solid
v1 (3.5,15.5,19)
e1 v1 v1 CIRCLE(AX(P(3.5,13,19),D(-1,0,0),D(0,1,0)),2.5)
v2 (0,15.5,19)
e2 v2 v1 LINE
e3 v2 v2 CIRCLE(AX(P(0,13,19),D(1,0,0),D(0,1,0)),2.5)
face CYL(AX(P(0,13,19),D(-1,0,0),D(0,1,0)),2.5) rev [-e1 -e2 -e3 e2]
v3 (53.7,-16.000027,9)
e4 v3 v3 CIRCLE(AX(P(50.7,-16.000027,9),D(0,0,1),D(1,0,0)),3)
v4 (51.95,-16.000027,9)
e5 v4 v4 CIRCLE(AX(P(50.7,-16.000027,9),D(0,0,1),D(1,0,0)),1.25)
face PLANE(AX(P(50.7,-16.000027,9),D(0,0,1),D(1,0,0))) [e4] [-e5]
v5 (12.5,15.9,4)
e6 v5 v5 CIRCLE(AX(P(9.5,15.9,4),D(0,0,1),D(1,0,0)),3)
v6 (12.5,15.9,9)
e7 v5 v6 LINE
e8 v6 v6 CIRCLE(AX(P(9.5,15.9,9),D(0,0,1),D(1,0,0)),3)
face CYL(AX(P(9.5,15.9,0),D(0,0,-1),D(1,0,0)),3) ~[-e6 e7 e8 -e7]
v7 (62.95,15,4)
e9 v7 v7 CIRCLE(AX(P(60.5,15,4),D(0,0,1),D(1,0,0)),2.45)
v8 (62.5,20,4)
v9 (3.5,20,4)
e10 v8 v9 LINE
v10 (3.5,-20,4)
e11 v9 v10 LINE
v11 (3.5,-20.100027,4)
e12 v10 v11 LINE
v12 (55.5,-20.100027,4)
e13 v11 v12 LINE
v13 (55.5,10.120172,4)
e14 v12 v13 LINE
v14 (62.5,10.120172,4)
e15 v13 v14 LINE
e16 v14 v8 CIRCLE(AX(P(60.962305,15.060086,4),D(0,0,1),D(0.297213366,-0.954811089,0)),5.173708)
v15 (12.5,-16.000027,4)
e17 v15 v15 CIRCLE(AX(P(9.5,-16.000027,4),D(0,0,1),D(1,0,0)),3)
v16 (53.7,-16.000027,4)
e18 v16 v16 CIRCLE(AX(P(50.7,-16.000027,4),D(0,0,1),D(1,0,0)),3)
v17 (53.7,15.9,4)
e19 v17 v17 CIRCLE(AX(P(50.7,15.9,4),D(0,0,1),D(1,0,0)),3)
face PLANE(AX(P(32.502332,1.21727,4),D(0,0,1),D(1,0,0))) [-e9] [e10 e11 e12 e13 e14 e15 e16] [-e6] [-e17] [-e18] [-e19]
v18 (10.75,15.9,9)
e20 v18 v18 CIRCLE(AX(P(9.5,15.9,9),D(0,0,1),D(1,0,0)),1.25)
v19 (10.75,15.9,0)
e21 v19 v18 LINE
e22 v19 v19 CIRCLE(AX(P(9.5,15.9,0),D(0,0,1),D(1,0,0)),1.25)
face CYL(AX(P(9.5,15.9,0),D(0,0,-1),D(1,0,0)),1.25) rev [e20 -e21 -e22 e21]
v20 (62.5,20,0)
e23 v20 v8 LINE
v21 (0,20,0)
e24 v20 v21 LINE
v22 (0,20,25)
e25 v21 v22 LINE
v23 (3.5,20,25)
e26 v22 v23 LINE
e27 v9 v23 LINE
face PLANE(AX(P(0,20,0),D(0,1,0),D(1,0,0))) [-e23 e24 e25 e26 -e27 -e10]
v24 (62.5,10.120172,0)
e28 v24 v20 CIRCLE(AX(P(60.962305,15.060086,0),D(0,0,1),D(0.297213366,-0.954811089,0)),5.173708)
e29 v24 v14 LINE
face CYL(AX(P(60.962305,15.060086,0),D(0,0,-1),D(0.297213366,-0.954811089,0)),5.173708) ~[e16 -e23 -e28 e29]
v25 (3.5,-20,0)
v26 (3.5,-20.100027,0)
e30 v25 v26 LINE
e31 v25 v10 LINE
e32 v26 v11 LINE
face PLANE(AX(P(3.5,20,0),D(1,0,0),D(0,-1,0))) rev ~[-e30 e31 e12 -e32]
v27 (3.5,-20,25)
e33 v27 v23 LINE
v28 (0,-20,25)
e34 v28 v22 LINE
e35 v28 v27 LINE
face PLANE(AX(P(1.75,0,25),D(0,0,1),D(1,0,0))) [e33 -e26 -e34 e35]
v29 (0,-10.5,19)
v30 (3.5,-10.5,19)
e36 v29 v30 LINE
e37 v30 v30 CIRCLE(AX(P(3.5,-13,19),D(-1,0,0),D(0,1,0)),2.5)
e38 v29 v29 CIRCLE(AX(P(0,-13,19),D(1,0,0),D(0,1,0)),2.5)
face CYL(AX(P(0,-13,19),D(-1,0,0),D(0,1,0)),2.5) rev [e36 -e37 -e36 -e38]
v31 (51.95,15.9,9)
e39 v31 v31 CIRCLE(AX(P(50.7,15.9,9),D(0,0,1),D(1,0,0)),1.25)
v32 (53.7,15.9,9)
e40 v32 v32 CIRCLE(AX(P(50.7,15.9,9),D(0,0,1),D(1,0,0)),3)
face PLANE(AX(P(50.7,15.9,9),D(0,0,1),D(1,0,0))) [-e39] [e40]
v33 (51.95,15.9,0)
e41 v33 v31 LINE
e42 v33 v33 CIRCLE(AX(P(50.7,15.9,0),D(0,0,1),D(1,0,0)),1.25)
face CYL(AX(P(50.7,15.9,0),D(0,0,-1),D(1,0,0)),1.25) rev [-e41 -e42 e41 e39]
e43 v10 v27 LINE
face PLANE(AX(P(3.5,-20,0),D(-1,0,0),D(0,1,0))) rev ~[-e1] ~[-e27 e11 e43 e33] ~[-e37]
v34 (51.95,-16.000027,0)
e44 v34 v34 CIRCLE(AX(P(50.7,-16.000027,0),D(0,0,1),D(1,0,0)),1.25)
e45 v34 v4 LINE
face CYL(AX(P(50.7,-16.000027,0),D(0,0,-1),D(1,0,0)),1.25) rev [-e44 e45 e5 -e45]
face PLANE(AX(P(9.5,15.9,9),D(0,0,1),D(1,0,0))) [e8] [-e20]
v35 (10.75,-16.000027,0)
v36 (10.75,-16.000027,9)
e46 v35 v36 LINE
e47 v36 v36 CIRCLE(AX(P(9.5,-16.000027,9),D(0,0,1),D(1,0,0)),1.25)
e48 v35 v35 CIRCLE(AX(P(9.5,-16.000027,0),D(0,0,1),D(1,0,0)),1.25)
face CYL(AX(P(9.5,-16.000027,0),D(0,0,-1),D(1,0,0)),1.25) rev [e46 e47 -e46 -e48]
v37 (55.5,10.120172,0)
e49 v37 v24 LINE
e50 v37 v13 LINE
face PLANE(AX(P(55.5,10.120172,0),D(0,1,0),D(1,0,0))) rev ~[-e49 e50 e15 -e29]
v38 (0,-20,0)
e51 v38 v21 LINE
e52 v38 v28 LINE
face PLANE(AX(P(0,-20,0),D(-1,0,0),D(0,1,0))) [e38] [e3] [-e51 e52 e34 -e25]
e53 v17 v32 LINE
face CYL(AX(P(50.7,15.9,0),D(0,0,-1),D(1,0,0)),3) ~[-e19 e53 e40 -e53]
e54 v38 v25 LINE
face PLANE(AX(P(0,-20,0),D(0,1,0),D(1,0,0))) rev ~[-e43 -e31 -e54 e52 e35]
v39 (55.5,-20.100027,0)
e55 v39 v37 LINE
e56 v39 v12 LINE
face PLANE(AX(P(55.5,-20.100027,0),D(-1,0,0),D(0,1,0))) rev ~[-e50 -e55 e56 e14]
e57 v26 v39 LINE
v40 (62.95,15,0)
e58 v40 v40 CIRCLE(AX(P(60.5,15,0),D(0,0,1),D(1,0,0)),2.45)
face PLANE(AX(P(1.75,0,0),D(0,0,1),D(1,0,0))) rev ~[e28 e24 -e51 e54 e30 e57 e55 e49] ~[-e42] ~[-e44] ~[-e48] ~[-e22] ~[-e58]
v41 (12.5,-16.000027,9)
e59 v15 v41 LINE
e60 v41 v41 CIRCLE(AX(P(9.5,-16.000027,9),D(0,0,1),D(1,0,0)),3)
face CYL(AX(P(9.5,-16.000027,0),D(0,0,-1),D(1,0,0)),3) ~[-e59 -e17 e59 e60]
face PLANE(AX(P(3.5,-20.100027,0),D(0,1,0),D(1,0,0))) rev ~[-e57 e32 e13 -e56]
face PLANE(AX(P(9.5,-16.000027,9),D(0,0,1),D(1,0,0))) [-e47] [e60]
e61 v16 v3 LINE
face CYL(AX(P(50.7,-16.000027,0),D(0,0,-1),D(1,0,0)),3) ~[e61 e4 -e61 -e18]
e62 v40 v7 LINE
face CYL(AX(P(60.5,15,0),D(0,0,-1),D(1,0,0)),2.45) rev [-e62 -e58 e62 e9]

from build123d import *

# Parameters (mm, degrees)
F0_R     = 3
F0_R_2   = 2.45
F1_DEPTH = 4
F0_R_3   = 1.25
F2_DEPTH = 9
F0_W     = 3.5
F0_H     = 40
F3_DEPTH = 25
F4_R     = 2.5
F5_DEPTH = 25


with BuildPart() as f1:
    # F0 (on Top) → F1 (new body)
    with BuildSketch(Plane.XY):
        with BuildLine():
            Line((54.6, 20), (3.5, 20))
            Line((3.5, 20), (3.5, -20))
            Line((3.5, -20), (3.5, -20.100027))
            Line((3.5, -20.100027), (55.5, -20.100027))
            Line((55.5, -20.100027), (55.5, 10.120172))
            Line((55.5, 10.120172), (62.5, 10.120172))
            ThreePointArc((62.5, 10.120172), (66.136013, 15.060086), (62.5, 20))
            Line((62.5, 20), (54.6, 20))
        make_face()
        with Locations((9.5, -16.000027)):
            Circle(F0_R, mode=Mode.SUBTRACT)
        with Locations((50.7, -16.000027)):
            Circle(F0_R, mode=Mode.SUBTRACT)
        with Locations((9.5, 15.9)):
            Circle(F0_R, mode=Mode.SUBTRACT)
        with Locations((50.7, 15.9)):
            Circle(F0_R, mode=Mode.SUBTRACT)
        with Locations((60.5, 15)):
            Circle(F0_R_2, mode=Mode.SUBTRACT)
    extrude(amount=F1_DEPTH)

    # F0 (on Top) → F2 (join)
    with BuildSketch(Plane.XY):
        with Locations((9.5, 15.9)):
            Circle(F0_R)
        with Locations((9.5, 15.9)):
            Circle(F0_R_3, mode=Mode.SUBTRACT)
        with Locations((50.7, 15.9)):
            Circle(F0_R)
        with Locations((50.7, 15.9)):
            Circle(F0_R_3, mode=Mode.SUBTRACT)
        with Locations((50.7, -16.000027)):
            Circle(F0_R)
        with Locations((50.7, -16.000027)):
            Circle(F0_R_3, mode=Mode.SUBTRACT)
        with Locations((9.5, -16.000027)):
            Circle(F0_R)
        with Locations((9.5, -16.000027)):
            Circle(F0_R_3, mode=Mode.SUBTRACT)
    extrude(amount=F2_DEPTH)

    # F0 (on Top) → F3 (join)
    with BuildSketch(Plane.XY):
        with Locations((1.75, 0)):
            Rectangle(F0_W, F0_H)
    extrude(amount=F3_DEPTH)

    # F4 (on Right) → F5 (cut)
    with BuildSketch(Plane.YZ):
        with Locations((13, 19)):
            Circle(F4_R)
        with Locations((-13, 19)):
            Circle(F4_R)
    extrude(amount=F5_DEPTH, mode=Mode.SUBTRACT)


solid = f1.part
